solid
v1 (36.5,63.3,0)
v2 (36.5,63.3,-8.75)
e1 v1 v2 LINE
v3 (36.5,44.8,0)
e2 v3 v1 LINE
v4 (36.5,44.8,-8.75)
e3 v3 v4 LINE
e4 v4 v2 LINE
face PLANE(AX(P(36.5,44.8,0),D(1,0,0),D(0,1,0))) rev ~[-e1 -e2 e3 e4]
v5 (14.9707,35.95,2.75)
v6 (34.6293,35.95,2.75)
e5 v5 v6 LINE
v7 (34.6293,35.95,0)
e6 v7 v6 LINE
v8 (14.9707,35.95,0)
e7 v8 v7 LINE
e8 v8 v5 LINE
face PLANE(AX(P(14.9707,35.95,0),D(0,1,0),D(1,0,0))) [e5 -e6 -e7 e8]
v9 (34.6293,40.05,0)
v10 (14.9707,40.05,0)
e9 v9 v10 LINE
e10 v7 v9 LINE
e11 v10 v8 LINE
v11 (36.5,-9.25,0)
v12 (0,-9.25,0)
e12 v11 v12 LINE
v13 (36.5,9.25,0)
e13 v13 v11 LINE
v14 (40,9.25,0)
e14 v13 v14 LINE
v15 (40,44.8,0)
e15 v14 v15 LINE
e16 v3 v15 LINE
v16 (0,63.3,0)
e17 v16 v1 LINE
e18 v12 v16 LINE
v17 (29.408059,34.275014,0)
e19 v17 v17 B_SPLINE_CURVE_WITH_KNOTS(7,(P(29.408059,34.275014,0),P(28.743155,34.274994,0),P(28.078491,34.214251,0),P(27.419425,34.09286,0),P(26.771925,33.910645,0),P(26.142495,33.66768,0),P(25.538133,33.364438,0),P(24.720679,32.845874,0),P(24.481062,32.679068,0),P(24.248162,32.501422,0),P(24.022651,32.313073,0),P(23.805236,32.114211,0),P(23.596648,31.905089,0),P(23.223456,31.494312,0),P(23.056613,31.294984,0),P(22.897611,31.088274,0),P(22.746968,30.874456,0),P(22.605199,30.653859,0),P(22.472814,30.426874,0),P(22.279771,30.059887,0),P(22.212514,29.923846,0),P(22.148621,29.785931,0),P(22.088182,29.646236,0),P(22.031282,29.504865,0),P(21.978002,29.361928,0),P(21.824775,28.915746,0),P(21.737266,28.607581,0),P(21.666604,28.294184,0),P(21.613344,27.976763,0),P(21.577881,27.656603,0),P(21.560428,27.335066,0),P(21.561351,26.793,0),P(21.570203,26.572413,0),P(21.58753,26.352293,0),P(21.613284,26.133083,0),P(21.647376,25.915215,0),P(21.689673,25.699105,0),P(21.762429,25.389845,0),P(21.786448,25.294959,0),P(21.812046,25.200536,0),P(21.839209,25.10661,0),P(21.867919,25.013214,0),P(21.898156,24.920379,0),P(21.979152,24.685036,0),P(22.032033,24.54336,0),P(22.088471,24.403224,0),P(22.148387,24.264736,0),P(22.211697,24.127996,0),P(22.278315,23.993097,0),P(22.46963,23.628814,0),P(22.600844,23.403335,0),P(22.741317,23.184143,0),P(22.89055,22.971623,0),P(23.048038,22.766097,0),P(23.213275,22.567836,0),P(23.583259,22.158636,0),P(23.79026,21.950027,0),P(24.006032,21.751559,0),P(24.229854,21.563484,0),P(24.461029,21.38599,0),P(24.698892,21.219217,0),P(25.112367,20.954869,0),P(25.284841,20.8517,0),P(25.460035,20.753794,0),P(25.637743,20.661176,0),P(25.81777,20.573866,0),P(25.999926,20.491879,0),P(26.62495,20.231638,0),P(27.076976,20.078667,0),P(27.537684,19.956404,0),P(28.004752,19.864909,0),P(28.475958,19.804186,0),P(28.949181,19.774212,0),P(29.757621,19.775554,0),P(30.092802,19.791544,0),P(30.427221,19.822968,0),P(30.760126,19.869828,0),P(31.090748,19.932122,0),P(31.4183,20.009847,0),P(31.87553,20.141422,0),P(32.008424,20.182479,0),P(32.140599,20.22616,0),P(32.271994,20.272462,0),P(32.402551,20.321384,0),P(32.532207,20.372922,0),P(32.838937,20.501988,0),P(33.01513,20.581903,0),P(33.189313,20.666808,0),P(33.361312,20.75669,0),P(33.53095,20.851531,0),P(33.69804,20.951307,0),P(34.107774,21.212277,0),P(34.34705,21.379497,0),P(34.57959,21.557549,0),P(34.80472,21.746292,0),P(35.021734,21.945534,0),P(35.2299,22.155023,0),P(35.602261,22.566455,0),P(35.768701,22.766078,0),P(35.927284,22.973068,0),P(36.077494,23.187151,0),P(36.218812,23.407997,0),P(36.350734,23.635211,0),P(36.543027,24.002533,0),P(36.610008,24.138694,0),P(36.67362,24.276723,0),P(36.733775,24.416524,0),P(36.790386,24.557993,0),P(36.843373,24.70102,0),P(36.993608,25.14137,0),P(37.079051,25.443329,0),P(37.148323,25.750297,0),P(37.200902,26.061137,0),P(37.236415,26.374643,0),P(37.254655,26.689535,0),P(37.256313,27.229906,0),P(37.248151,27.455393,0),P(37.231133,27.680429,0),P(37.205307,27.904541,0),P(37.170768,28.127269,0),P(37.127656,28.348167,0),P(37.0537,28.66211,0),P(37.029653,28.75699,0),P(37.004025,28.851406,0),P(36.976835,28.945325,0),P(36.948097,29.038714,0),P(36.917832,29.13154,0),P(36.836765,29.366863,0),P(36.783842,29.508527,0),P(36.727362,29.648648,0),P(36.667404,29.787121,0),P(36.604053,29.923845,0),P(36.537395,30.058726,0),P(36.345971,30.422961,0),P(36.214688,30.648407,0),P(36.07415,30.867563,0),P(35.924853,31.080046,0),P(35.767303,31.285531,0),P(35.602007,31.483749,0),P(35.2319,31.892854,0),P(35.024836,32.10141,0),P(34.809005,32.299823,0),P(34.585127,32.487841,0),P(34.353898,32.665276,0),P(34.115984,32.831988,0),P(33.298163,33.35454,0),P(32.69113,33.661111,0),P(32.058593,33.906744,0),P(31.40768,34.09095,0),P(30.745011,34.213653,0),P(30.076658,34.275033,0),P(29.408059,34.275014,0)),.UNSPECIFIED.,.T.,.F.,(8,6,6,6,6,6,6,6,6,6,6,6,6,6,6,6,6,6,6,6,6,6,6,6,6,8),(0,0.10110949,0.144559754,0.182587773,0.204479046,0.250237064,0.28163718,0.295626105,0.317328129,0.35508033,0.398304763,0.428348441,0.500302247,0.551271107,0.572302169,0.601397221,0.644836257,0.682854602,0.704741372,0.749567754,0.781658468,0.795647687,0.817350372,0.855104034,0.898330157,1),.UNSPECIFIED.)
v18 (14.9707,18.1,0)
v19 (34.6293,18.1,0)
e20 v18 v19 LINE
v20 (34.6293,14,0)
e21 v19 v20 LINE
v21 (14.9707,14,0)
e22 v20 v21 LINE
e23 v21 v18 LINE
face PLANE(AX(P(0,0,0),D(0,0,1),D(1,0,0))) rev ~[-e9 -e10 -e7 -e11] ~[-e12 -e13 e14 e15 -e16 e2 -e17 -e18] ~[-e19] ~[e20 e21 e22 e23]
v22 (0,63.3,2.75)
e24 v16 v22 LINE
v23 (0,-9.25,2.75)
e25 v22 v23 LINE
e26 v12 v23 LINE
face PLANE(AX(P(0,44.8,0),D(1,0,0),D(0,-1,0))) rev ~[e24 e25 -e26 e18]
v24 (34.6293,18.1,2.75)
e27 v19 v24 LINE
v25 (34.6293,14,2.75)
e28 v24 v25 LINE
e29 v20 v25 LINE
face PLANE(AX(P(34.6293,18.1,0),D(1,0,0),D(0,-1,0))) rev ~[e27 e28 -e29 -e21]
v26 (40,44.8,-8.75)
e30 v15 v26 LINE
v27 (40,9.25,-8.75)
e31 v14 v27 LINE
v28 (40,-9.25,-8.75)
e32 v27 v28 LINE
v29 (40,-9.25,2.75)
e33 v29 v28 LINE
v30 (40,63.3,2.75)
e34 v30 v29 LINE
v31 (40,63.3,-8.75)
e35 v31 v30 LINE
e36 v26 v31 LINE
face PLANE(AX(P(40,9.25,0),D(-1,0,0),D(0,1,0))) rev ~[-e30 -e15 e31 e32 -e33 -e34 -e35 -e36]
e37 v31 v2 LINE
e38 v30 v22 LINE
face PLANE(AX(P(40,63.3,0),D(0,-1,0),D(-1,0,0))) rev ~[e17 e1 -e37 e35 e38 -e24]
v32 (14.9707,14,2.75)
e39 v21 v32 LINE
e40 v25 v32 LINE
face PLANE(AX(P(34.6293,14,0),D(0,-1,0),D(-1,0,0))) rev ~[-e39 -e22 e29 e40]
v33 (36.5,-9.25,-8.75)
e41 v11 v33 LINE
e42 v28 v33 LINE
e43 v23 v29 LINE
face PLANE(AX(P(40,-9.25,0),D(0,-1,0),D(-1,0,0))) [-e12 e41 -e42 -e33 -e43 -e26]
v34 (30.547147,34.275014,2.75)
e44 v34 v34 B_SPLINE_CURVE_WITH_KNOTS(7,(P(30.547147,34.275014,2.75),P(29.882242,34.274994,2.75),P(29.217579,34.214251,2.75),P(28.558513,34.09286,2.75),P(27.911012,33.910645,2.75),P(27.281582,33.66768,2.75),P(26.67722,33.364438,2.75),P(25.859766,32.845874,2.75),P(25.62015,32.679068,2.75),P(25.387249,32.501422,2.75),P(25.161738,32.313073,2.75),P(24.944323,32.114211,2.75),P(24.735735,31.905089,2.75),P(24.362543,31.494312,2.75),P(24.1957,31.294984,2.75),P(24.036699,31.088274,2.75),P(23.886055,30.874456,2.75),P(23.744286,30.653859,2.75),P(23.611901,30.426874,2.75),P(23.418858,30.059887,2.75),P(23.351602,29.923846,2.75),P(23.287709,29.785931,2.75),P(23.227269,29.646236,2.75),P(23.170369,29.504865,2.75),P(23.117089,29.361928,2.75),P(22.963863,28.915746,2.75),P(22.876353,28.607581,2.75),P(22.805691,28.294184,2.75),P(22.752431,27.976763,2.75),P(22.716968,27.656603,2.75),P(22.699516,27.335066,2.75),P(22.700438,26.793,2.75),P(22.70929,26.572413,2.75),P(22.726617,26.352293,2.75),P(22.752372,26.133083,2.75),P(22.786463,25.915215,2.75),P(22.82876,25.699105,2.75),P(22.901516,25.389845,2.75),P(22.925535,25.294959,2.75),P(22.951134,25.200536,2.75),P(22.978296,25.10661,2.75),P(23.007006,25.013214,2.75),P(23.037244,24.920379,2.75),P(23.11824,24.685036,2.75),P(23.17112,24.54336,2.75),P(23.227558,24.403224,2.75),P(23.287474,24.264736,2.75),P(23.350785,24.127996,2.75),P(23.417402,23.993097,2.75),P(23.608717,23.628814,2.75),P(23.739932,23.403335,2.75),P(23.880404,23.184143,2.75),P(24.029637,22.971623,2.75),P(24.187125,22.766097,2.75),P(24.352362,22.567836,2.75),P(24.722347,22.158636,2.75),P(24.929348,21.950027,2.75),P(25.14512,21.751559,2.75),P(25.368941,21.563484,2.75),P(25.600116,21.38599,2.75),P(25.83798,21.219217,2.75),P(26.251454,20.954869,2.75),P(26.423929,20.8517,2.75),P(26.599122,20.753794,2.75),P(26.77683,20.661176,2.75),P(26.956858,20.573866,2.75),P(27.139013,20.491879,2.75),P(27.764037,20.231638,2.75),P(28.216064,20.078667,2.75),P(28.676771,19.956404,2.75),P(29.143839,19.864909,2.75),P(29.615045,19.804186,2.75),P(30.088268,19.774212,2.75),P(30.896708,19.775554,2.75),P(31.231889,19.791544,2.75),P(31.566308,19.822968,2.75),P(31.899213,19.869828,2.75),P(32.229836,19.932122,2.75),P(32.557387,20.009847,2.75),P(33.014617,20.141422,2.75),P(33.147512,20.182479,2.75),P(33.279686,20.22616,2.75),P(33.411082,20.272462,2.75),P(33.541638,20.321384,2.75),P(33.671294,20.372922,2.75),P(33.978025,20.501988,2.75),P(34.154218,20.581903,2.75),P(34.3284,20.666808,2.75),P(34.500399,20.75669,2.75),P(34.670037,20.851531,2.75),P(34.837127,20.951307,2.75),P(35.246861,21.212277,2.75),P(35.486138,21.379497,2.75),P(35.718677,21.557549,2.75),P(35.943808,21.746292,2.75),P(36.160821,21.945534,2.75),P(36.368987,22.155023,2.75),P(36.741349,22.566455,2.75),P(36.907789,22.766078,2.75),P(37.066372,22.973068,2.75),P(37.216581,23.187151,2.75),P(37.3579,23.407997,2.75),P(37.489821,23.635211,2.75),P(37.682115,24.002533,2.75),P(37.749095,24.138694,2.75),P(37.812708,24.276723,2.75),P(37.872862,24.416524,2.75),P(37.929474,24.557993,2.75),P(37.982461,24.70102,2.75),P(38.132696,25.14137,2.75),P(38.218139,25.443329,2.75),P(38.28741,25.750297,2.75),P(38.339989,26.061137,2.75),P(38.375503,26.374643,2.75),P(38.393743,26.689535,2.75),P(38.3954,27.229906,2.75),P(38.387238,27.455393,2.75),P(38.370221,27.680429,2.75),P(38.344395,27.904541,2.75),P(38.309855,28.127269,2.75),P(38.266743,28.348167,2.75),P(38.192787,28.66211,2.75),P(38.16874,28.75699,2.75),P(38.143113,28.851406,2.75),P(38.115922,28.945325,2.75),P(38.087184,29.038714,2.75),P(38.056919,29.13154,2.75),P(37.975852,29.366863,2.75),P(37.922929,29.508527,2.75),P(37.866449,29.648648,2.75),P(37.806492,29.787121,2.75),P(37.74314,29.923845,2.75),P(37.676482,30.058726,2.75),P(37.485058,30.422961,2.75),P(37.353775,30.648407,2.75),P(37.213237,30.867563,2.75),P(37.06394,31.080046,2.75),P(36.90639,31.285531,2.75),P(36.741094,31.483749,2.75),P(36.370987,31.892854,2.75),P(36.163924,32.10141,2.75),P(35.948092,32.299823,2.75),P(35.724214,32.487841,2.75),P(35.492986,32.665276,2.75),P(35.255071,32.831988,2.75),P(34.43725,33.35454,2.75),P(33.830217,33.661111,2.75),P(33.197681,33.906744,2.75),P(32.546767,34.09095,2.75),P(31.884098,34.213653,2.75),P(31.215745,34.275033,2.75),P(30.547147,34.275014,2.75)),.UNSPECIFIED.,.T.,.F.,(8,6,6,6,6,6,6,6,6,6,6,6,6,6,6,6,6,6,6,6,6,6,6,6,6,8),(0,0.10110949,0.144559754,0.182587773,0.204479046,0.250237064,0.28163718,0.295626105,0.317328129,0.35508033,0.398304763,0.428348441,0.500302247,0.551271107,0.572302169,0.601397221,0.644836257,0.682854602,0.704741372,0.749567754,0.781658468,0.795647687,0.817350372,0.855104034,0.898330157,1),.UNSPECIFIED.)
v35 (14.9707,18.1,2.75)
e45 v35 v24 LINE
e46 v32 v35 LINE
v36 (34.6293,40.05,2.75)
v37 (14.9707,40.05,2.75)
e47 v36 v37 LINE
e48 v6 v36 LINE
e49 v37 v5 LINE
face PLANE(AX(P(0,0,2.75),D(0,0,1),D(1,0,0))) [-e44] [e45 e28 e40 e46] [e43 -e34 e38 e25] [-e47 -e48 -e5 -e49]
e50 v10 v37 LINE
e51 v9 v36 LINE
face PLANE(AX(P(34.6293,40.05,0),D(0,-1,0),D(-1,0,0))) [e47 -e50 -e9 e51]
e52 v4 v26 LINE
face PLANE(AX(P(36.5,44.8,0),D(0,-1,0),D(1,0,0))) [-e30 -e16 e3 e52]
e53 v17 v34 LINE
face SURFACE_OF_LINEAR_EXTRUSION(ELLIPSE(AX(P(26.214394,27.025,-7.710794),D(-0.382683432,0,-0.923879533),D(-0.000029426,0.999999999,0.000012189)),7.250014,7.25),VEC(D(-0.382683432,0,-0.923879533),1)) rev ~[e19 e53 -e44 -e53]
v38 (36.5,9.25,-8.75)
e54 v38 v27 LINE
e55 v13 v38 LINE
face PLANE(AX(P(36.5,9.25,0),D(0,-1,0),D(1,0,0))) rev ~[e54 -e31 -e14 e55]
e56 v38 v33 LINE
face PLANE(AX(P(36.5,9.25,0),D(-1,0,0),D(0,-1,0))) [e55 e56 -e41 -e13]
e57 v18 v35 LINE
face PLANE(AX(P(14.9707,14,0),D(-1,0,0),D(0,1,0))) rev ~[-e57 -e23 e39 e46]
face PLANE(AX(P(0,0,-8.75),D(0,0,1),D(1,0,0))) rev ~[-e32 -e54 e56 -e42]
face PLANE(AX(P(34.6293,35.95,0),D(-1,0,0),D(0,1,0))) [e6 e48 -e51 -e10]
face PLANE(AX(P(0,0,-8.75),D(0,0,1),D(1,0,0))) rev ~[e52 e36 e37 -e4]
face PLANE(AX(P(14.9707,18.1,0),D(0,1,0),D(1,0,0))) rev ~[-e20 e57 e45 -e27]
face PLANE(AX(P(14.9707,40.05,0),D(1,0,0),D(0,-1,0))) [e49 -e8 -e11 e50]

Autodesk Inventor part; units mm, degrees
ref_plane "YZ Plane" through (0, 0, 0) normal (1, 0, 0) x (0, 1, 0)
ref_plane "XZ Plane" through (0, 0, 0) normal (0, 1, 0) x (-1, 0, 0)
sketch "Sketch1" plane through (0, 0, 0) normal (0, 0, 1) x (1, 0, 0)
  line L0 (0, 44.8) -> (0, 9.25)
  line L1 (0, 44.8) -> (40, 44.8)
  line L2 (0, 9.25) -> (40, 9.25)
  line L3 (40, 9.25) -> (40, 44.8)
  line L4 (14.9707, 35.95) -> (34.6293, 35.95)
  line L5 (34.6293, 35.95) -> (34.6293, 40.05)
  line L6 (34.6293, 40.05) -> (14.9707, 40.05)
  line L7 (14.9707, 40.05) -> (14.9707, 35.95)
  line L8 (30.8793, 39.05) -> (28.5722, 39.05) construction
  line L9 (30.8793, 39.05) -> (30.8793, 36.95) construction
  line L10 (30.8793, 36.95) -> (28.5722, 36.95) construction
  line L11 (28.5722, 39.05) -> (28.5722, 36.95) construction
  line L12 (30.8793, 39.05) -> (30.8793, 40.05) construction
  line L13 (30.8793, 36.95) -> (30.8793, 35.95) construction
  line L14 (21.0278, 39.05) -> (18.7207, 39.05) construction
  line L15 (21.0278, 39.05) -> (21.0278, 36.95) construction
  line L16 (21.0278, 36.95) -> (18.7207, 36.95) construction
  line L17 (18.7207, 39.05) -> (18.7207, 36.95) construction
  line L18 (18.7207, 39.05) -> (14.9707, 39.05) construction
  line L19 (30.8793, 39.05) -> (34.6293, 39.05) construction
  line L20 (0, -9.25) -> (0, 9.25) projected
  line L21 (40, 27.025) -> (0, 27.025) construction
  line L22 (14.9707, 18.1) -> (34.6293, 18.1)
  line L23 (34.6293, 18.1) -> (34.6293, 14)
  line L24 (34.6293, 14) -> (14.9707, 14)
  line L25 (14.9707, 14) -> (14.9707, 18.1)
  line L26 (40, 9.25) -> (40, -9.25)
  line L27 (40, -9.25) -> (0, -9.25)
  line L28 (32.375, -9.25) -> (32.375, 9.25) projected
  line L29 (36.5, 9.25) -> (36.5, -9.3) projected
  line L30 (0, 44.8) -> (40, 44.8)
  line L31 (0, 63.3) -> (0, 44.8)
  line L32 (40, 44.8) -> (40, 63.3)
  line L33 (40, 63.3) -> (0, 63.3)
  line L34 (32.375, 63.3) -> (32.375, 44.8)
  line L35 (36.5, 44.8) -> (36.5, 63.35)
  point P0 (36.5, -9.25)
  point P1 (36.5, 63.3)
  dimension "d1" = 35.55
  dimension "d2" = 1
  dimension "d3" = 3.75
  dimension "d4" = 40
extrude "Extrusion1" add sketch "Sketch1" along normal blind 2.75
ref_plane "Work Plane1" through (36.5, 52.55, -8.75) normal (0, 0, 1) x (1, 0, 0)
extrude "Extrusion2" add sketch "Sketch1" against normal up to surface (8.75 mm away) contours L35 L33 L32 L1 | L2 L26 L27 L29
ref_plane "Work Plane2" through (27.7797, 32.4377, -8.357) normal (-0.3827, 0, -0.9239) x (-0.4619, -0.866, 0.1913)
sketch "Sketch3" plane through (27.7797, 32.4377, -8.357) normal (-0.3827, 0, -0.9239) x (-0.4619, -0.866, 0.1913)
  circle A0 centre (5.5343, -1.2396) radius 6.25 construction
  ellipse E0 centre (5.5343, -1.2396) end of major axis (-0.7444, 2.3854) minor radius 7.25
  line L0 (10.947, -4.3646) -> (11.813, -4.8646) construction
  line L1 (2.4093, -6.6522) -> (1.9093, -7.5183) construction
  line L2 (0.6415, -9.7142) -> (19.1191, 22.2899) construction
  point P0 (42.5234, 8.7774)
  dimension "d9" = 1
extrude "Extrusion3" cut sketch "Sketch3" against normal blind 17.75
properties part number "Encoderadapter"
